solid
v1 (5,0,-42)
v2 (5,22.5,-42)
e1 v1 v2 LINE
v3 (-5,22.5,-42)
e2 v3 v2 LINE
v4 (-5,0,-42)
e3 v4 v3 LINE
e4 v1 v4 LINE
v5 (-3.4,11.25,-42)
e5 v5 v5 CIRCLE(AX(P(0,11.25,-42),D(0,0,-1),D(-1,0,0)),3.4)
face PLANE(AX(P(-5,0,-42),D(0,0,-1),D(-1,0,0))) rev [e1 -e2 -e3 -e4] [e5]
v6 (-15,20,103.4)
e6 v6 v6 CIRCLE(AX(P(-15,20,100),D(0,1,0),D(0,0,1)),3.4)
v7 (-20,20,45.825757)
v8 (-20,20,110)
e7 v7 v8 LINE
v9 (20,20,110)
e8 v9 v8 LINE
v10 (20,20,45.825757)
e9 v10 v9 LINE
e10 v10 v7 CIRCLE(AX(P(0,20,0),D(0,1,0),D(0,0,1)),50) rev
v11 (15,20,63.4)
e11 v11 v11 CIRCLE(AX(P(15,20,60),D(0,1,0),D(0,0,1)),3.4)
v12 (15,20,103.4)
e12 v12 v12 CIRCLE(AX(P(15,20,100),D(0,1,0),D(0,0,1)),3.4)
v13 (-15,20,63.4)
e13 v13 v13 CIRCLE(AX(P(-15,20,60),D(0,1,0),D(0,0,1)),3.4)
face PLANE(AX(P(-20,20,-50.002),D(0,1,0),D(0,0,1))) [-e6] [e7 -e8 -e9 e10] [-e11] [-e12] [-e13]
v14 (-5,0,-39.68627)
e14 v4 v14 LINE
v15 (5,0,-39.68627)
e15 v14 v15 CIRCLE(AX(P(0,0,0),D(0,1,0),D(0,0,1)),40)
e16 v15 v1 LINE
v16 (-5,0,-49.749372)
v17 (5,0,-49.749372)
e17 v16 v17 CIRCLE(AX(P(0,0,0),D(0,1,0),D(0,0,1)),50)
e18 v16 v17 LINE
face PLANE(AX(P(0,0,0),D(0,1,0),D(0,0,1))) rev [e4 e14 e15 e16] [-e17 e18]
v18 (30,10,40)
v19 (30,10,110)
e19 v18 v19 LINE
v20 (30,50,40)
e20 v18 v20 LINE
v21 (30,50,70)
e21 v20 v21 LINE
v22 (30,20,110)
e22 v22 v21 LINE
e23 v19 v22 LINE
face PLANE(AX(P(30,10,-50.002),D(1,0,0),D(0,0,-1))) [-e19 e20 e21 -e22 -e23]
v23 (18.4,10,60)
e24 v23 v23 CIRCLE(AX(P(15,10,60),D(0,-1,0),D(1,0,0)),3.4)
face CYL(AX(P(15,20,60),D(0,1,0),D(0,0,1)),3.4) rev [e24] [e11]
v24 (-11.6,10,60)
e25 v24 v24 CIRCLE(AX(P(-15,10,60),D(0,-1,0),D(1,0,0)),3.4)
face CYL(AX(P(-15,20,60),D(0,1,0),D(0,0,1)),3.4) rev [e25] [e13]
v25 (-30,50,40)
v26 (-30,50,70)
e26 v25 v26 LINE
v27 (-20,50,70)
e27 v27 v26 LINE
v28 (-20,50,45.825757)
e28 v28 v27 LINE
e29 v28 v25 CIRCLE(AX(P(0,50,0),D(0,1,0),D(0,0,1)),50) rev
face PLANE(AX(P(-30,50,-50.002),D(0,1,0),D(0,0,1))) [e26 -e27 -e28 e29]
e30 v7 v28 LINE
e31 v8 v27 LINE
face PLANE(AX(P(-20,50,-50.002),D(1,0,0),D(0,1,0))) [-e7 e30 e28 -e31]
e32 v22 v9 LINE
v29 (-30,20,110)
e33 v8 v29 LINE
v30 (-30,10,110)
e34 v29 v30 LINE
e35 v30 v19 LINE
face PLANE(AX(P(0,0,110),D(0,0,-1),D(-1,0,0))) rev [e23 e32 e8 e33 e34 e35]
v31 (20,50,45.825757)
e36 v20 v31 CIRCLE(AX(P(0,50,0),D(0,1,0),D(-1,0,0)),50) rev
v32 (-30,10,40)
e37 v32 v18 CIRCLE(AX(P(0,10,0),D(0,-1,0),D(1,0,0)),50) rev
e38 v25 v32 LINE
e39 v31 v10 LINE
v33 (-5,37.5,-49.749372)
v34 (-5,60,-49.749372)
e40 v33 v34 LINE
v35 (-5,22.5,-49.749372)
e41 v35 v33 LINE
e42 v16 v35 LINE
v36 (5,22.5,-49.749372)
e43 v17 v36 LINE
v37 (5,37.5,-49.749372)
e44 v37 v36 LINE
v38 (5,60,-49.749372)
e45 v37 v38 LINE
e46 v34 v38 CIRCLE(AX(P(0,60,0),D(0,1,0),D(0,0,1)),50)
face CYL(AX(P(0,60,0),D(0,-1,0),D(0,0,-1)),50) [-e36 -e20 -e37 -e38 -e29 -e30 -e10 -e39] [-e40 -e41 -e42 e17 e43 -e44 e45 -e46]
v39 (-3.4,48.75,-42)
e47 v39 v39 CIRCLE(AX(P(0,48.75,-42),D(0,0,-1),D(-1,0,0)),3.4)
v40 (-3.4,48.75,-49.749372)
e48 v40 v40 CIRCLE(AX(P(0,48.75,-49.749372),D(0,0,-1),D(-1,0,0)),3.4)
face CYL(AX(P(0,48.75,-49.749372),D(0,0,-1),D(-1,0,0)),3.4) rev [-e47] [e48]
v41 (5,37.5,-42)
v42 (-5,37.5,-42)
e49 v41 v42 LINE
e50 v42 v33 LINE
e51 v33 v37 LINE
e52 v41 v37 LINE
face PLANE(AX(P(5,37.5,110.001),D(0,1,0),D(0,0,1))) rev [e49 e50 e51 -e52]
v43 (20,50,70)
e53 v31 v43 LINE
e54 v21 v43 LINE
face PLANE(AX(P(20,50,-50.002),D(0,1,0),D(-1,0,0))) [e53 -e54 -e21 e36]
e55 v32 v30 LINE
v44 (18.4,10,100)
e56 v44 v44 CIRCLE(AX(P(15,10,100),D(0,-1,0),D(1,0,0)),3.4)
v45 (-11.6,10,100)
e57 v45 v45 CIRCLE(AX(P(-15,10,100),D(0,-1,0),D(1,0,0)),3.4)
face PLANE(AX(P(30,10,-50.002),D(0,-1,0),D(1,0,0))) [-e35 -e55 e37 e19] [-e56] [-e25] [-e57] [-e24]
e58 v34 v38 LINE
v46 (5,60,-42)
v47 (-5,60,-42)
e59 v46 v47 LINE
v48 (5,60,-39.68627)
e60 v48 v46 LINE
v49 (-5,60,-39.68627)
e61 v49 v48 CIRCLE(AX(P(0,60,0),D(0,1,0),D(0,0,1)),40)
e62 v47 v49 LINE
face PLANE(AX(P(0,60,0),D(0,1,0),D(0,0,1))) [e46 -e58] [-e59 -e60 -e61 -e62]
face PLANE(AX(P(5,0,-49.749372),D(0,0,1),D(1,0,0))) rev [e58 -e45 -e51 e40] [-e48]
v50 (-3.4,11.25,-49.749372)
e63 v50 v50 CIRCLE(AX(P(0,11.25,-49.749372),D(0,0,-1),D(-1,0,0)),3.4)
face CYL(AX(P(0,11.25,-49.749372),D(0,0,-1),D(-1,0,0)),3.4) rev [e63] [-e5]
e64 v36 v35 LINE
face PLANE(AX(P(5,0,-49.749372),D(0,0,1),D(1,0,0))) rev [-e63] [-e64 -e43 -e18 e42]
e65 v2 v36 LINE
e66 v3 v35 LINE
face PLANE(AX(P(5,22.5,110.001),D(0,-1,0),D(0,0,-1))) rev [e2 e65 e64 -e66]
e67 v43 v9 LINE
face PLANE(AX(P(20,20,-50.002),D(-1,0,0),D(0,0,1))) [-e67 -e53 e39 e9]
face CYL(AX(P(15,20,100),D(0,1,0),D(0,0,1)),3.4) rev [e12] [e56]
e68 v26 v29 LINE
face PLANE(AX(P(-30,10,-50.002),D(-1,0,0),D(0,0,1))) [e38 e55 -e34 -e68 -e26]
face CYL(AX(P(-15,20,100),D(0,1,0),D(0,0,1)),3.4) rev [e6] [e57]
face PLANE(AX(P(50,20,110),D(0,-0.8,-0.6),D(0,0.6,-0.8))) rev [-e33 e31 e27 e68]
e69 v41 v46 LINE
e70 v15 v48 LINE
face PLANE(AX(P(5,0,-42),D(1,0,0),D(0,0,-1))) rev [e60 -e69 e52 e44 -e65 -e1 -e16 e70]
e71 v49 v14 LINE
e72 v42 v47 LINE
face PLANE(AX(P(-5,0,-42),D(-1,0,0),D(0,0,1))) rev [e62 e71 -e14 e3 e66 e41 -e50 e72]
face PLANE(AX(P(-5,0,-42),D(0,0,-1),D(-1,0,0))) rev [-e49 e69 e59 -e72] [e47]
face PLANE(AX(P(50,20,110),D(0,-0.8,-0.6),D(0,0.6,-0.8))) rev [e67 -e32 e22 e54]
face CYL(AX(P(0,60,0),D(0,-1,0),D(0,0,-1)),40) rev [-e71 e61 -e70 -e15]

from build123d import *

# Parameters (mm, degrees)
SKETCH1_R             = 50
SKETCH1_R_2           = 40
EXTRUDE1_DEPTH        = 60
EXTRUDE2_REACH        = 128.886
EXTRUDE2_END_RADIUS   = 50
EXTRUDE5_DEPTH        = 60
EXTRUDE6_DEPTH        = 149.660687473
EXTRUDE6_DEPTH_BACK   = 149.660687473
SKETCH10_W            = 10
SKETCH10_H            = 4
SKETCH10_H_2          = 0.50125629
EXTRUDE7_DEPTH        = 135.907375632
EXTRUDE8_REACH        = 179.82
SKETCH11_W            = 10
SKETCH11_H            = 15
M8_TAPPED_HOLE2_D     = 6.8
M8_TAPPED_HOLE2_DEPTH = 19.75
M8_TAPPED_HOLE2_TIP   = 2.042926105
M8_TAPPED_HOLE3_D     = 6.8
M8_TAPPED_HOLE3_DEPTH = 19.75
M8_TAPPED_HOLE3_TIP   = 2.042926105


with BuildPart() as part:
    # Sketch1 → Extrude1 (new body)
    with BuildSketch(Plane(origin=(0, 0, 0), x_dir=(1, 0, 0), z_dir=(0, 1, 0))):
        with Locations(Location((0, 0, 0), (0, 0, 270))):
            Circle(SKETCH1_R)
        with Locations(Location((0, 0, 0), (0, 0, 270))):
            Circle(SKETCH1_R_2, mode=Mode.SUBTRACT)
    extrude(amount=EXTRUDE1_DEPTH)

    # Extrude2: up to this cylinder (the profile starts outside it)
    extrude2_end = Plane(origin=(0, 49.27889, 0), z_dir=(0, -1, 0)) * Cylinder(EXTRUDE2_END_RADIUS, 358.772, mode=Mode.PRIVATE)
    # Sketch2 → Extrude2 (add, up to the surface)
    with BuildSketch(Plane.XY.offset(50), mode=Mode.PRIVATE) as extrude2_sk1:
        Polygon((-30, 50), (-20, 50), (-20, 20), (20, 20), (20, 50), (30, 50), (30, 10), (-30, 10), align=None)
    extrude2_tool1 = extrude(extrude2_sk1.sketch, amount=-EXTRUDE2_REACH, mode=Mode.PRIVATE) - extrude2_end
    add(extrude2_tool1.solids().sort_by_distance((-25, 49.27889, 50))[0])
    add(extrude2_tool1.solids().sort_by_distance((-25, 49.27889, 50))[1])

    # Sketch8 → Extrude5 (add)
    with BuildSketch(Plane.XY.offset(50)):
        Polygon((20, 20), (0, 20), (-20, 20), (-20, 50), (-30, 50), (-30, 10), (0, 10), (30, 10), (30, 50), (20, 50), align=None)
    extrude(amount=EXTRUDE5_DEPTH)

    # Sketch9 → Extrude6 (cut, two sides: drawn at the far end of the back side and taken through both)
    with BuildSketch(Plane.ZY.offset(30).offset(-EXTRUDE6_DEPTH_BACK)):
        Polygon((110, 50), (110, 20), (70, 50), align=None)
    extrude(amount=EXTRUDE6_DEPTH + EXTRUDE6_DEPTH_BACK, mode=Mode.SUBTRACT)

    # Sketch10 → Extrude7 (cut, through all)
    with BuildSketch(Plane(origin=(0, 60, 0), x_dir=(1, 0, 0), z_dir=(0, 1, 0))):
        with Locations((0, 40)):
            Rectangle(SKETCH10_W, SKETCH10_H)
        with Locations((0, 50)):
            Rectangle(SKETCH10_W, SKETCH10_H_2)
    extrude(amount=-EXTRUDE7_DEPTH, mode=Mode.SUBTRACT)

    # Sketch11 → Extrude8 (cut, up to next)
    with BuildSketch(Plane(origin=(0, 0, -49.749371855), x_dir=(-1, 0, 0), z_dir=(0, 0, -1)), mode=Mode.PRIVATE) as extrude8_sk1:
        with Locations((0, 30)):
            Rectangle(SKETCH11_W, SKETCH11_H)
    extrude8_tool1 = extrude(extrude8_sk1.sketch, amount=-EXTRUDE8_REACH, mode=Mode.PRIVATE) & part.part
    add(extrude8_tool1.solids().sort_by_distance((0, 30, -49.749372))[0], mode=Mode.SUBTRACT)

    # M8 Tapped Hole2
    with Locations(Plane(origin=(0, 48.75, -49.749371855), x_dir=(-1, 0, 0), z_dir=(0, 0, -1))):
        with Locations((0, 0), (0, -37.5)):
            Hole(M8_TAPPED_HOLE2_D / 2, depth=M8_TAPPED_HOLE2_DEPTH)
            with Locations((0, 0, -(M8_TAPPED_HOLE2_DEPTH + M8_TAPPED_HOLE2_TIP / 2))):  # 118° drill point
                Cone(0, M8_TAPPED_HOLE2_D / 2, M8_TAPPED_HOLE2_TIP, mode=Mode.SUBTRACT)

    # M8 Tapped Hole3
    with Locations(Plane(origin=(-15, 20, 60), x_dir=(0, 0, 1), z_dir=(0, 1, 0))):
        with Locations((0, 0), (0, 30), (40, 0), (40, 30)):
            Hole(M8_TAPPED_HOLE3_D / 2, depth=M8_TAPPED_HOLE3_DEPTH)
            with Locations((0, 0, -(M8_TAPPED_HOLE3_DEPTH + M8_TAPPED_HOLE3_TIP / 2))):  # 118° drill point
                Cone(0, M8_TAPPED_HOLE3_D / 2, M8_TAPPED_HOLE3_TIP, mode=Mode.SUBTRACT)


solid = part.part
